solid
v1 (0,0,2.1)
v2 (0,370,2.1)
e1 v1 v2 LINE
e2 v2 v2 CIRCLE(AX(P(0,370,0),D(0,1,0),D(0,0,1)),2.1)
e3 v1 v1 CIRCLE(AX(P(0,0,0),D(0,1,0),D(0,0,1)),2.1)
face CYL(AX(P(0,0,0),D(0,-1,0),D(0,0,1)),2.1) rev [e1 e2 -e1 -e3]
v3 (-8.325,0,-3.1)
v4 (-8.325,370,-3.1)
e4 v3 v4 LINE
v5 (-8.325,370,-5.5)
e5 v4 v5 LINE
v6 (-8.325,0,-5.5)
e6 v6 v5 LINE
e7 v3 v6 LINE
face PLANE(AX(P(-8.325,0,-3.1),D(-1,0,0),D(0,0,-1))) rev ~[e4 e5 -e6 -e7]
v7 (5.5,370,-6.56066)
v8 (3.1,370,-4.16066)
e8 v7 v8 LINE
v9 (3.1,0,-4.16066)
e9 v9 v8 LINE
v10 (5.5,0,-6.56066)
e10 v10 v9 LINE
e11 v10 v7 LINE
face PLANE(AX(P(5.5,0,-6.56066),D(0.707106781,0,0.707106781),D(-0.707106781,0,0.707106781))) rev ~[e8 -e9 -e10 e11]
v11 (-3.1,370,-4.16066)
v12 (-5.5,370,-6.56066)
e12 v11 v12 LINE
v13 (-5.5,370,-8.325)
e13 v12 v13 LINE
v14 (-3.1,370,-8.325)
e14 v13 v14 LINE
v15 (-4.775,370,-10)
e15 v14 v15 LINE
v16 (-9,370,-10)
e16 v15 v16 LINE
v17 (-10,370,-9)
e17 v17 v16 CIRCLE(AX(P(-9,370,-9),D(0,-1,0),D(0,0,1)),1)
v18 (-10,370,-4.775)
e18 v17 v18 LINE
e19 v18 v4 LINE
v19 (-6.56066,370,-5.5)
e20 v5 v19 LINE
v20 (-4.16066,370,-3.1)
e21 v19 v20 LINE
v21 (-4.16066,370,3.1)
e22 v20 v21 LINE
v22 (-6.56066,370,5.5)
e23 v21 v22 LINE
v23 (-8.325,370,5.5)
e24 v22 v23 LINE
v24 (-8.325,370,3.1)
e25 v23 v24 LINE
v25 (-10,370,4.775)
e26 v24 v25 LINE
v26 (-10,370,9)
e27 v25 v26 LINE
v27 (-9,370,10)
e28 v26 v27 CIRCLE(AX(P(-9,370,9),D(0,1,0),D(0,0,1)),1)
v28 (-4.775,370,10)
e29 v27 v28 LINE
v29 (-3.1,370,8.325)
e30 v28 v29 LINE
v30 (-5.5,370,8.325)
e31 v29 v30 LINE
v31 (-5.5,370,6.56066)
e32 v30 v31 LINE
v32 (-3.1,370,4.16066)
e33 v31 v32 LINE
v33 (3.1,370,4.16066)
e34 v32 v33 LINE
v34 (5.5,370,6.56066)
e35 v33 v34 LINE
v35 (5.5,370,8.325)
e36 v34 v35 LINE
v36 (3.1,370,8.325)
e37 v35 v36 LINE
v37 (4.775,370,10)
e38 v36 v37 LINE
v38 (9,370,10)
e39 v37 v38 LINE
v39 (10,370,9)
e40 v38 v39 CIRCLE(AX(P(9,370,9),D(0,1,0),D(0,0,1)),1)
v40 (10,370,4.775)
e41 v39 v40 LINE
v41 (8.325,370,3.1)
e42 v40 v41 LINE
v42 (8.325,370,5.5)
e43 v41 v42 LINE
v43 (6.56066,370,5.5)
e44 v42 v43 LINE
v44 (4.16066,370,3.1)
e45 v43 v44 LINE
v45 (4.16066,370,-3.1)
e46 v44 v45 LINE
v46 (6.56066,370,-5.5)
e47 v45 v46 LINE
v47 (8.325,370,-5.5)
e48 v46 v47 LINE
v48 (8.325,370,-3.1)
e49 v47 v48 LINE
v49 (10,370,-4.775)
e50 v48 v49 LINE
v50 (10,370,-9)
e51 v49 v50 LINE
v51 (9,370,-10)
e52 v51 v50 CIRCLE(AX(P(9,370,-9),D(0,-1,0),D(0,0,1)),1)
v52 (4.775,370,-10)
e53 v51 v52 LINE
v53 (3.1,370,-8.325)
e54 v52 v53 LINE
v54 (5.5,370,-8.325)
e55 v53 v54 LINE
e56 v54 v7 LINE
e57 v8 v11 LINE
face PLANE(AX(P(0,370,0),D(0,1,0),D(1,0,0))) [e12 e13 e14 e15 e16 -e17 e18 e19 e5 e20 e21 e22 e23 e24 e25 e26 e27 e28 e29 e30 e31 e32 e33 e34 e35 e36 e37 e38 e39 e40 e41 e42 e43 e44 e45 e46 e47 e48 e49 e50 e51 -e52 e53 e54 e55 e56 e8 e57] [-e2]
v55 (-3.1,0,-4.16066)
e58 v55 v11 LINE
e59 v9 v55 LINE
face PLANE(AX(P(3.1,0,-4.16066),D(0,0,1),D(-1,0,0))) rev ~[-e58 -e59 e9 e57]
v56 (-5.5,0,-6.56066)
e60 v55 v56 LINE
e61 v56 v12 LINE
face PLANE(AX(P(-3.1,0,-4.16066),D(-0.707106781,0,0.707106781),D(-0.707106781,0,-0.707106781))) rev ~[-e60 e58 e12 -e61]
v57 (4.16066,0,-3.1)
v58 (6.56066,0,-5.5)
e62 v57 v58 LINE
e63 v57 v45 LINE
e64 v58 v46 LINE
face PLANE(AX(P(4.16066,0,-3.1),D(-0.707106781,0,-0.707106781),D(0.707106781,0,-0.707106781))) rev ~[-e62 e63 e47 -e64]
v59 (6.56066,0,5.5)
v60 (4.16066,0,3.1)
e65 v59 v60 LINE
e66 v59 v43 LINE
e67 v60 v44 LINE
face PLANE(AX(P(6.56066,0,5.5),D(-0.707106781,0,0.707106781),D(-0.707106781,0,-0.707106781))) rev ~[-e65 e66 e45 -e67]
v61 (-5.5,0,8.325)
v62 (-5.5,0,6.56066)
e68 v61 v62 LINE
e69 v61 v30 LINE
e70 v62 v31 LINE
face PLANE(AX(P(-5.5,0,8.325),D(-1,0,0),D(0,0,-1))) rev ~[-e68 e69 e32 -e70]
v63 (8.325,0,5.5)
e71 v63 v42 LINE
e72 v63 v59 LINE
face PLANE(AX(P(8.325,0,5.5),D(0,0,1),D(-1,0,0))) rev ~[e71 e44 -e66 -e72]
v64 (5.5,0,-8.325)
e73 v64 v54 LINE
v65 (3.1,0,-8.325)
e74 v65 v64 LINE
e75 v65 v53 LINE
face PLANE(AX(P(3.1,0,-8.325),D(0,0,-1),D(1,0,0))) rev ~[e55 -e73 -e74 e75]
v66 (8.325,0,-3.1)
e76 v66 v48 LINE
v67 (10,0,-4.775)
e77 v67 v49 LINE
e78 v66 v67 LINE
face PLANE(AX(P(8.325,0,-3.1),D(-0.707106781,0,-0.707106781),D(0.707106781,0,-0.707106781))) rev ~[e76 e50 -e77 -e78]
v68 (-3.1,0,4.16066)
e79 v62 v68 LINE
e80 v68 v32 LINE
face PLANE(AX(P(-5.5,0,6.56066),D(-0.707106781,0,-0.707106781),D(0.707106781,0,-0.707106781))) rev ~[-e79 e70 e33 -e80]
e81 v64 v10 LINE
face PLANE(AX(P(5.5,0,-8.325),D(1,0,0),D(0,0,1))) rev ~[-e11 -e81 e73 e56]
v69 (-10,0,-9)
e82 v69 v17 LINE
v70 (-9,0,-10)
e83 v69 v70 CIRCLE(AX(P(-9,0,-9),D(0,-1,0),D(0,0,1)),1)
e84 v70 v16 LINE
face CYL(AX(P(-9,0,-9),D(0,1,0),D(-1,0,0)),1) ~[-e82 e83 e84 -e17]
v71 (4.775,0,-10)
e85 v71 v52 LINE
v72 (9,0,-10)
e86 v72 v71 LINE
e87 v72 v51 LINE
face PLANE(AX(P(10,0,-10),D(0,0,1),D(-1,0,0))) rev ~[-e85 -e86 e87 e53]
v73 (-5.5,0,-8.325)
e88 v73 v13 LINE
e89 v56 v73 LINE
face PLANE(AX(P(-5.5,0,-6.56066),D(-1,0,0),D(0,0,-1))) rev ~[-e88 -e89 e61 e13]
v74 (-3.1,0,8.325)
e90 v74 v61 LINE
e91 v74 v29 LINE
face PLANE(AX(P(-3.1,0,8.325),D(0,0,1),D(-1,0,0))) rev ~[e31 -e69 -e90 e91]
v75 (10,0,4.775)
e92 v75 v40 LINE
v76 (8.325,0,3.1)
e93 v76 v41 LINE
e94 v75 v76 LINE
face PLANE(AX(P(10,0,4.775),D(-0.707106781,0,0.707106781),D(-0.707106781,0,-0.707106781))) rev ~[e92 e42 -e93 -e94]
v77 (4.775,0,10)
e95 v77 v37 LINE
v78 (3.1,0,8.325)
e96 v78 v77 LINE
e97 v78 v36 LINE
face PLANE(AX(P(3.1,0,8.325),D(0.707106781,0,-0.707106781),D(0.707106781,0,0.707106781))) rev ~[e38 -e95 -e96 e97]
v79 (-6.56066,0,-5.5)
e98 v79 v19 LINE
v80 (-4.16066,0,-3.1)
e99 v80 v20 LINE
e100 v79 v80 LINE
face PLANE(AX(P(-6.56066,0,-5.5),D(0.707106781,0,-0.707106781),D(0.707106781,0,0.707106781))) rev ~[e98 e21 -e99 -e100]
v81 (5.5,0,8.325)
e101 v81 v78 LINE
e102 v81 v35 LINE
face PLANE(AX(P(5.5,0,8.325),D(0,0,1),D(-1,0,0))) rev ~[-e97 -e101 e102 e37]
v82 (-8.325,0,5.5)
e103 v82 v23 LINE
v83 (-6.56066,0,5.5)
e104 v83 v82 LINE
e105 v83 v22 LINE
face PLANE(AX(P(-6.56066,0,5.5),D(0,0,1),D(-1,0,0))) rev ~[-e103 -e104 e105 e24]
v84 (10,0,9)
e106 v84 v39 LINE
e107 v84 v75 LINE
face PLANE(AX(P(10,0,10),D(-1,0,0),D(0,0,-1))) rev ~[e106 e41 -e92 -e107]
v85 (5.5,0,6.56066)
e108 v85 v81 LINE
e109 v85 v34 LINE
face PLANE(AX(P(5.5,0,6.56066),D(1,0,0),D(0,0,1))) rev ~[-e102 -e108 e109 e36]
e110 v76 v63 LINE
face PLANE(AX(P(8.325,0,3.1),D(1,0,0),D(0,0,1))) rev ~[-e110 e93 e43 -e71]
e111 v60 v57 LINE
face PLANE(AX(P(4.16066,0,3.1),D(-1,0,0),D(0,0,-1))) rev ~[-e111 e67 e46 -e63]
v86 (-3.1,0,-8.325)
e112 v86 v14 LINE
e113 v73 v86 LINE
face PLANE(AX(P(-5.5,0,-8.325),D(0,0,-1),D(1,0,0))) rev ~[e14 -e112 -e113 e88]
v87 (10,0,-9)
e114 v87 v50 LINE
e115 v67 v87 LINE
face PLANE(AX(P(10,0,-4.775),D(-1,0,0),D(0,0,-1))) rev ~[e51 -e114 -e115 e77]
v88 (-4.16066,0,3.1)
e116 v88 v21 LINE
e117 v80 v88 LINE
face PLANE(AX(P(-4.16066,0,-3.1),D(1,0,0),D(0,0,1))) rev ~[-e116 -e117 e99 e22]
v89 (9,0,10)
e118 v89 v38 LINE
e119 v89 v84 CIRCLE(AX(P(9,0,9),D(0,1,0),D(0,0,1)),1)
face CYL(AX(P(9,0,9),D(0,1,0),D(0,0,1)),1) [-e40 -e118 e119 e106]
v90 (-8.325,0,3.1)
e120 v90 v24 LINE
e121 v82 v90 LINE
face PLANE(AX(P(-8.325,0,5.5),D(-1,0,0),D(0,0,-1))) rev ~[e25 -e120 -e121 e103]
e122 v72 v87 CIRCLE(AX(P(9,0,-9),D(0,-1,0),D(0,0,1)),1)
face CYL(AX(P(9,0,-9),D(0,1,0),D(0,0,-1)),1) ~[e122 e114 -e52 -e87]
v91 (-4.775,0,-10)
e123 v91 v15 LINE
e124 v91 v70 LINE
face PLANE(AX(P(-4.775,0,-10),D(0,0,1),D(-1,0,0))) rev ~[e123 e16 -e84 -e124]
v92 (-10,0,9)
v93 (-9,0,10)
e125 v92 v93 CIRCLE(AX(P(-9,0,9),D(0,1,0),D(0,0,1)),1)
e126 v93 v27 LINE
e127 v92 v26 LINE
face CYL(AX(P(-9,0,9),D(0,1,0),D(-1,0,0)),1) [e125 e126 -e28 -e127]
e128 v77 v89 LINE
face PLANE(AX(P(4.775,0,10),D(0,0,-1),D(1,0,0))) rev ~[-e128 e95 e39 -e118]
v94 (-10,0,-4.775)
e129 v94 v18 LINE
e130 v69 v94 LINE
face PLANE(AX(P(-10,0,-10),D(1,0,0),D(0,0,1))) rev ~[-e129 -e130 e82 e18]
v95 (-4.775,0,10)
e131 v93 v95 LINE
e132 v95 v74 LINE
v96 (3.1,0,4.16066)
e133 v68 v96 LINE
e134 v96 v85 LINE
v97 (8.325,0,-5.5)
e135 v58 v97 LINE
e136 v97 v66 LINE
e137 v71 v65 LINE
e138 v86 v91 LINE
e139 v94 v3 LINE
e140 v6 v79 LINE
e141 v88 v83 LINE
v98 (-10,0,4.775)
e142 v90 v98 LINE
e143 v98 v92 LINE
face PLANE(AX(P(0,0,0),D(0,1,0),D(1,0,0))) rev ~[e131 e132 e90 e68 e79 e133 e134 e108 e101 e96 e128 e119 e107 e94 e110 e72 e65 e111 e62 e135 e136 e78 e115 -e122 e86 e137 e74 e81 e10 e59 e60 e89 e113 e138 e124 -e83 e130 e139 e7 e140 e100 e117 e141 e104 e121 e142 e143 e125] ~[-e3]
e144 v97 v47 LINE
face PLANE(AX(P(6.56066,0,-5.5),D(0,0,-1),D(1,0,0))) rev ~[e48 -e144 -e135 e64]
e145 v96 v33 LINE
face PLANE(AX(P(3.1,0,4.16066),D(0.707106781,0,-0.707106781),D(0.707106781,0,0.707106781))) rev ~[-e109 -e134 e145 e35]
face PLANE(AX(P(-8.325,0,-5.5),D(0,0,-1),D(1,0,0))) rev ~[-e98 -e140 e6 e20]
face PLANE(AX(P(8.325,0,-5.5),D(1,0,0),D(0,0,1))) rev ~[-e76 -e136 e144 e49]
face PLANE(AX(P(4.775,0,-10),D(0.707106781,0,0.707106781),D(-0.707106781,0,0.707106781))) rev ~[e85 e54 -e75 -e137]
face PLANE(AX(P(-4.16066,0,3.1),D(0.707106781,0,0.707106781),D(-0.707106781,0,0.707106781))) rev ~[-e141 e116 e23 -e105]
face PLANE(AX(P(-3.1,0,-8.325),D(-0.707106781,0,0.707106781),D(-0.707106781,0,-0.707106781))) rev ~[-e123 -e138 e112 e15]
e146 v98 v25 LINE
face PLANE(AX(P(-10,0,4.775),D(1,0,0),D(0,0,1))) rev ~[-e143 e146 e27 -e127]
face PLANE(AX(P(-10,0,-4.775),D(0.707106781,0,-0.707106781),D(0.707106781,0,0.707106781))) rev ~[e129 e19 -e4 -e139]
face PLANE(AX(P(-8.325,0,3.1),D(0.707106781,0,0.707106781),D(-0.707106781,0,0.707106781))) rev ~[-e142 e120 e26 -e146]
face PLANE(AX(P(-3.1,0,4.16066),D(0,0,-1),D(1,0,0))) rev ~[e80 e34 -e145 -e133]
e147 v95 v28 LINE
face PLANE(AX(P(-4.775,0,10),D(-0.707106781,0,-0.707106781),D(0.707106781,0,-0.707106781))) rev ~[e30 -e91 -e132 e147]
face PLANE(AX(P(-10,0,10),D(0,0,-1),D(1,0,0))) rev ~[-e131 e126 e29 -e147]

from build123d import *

# Parameters (mm, degrees)
MASTERLAYOUTSKETCH_R = 2.1
MAIN_EXTRUSION_DEPTH = 370
EDGE_FILLETS_R       = 1


with BuildPart() as part:
    # MasterLayoutSketch → Main Extrusion (new body)
    with BuildSketch(Plane(origin=(0, 0, 0), x_dir=(1, 0, 0), z_dir=(0, 1, 0))):
        Polygon((-8.325, 3.1), (-8.325, 5.5), (-6.560660172, 5.5), (-4.160660172, 3.1), (-4.160660172, -3.1), (-6.560660172, -5.5), (-8.325, -5.5), (-8.325, -3.1), (-10, -4.775), (-10, -10), (-4.775, -10), (-3.1, -8.325), (-5.5, -8.325), (-5.5, -6.560660172), (-3.1, -4.160660172), (3.1, -4.160660172), (5.5, -6.560660172), (5.5, -8.325), (3.1, -8.325), (4.775, -10), (10, -10), (10, -4.775), (8.325, -3.1), (8.325, -5.5), (6.560660172, -5.5), (4.160660172, -3.1), (4.160660172, 3.1), (6.560660172, 5.5), (8.325, 5.5), (8.325, 3.1), (10, 4.775), (10, 10), (4.775, 10), (3.1, 8.325), (5.5, 8.325), (5.5, 6.560660172), (3.1, 4.160660172), (-3.1, 4.160660172), (-5.5, 6.560660172), (-5.5, 8.325), (-3.1, 8.325), (-4.775, 10), (-10, 10), (-10, 4.775), align=None)
        with Locations(Location((0, 0, 0), (0, 0, 270))):
            Circle(MASTERLAYOUTSKETCH_R, mode=Mode.SUBTRACT)
    extrude(amount=MAIN_EXTRUSION_DEPTH)

    # Edge Fillets
    edge_fillets_edges = [part.edges().sort_by_distance(p)[0] for p in [
        (10, 185, -10),
        (10, 185, 10),
        (-10, 185, 10),
        (-10, 185, -10),
    ]]
    fillet(edge_fillets_edges, radius=EDGE_FILLETS_R)


solid = part.part
